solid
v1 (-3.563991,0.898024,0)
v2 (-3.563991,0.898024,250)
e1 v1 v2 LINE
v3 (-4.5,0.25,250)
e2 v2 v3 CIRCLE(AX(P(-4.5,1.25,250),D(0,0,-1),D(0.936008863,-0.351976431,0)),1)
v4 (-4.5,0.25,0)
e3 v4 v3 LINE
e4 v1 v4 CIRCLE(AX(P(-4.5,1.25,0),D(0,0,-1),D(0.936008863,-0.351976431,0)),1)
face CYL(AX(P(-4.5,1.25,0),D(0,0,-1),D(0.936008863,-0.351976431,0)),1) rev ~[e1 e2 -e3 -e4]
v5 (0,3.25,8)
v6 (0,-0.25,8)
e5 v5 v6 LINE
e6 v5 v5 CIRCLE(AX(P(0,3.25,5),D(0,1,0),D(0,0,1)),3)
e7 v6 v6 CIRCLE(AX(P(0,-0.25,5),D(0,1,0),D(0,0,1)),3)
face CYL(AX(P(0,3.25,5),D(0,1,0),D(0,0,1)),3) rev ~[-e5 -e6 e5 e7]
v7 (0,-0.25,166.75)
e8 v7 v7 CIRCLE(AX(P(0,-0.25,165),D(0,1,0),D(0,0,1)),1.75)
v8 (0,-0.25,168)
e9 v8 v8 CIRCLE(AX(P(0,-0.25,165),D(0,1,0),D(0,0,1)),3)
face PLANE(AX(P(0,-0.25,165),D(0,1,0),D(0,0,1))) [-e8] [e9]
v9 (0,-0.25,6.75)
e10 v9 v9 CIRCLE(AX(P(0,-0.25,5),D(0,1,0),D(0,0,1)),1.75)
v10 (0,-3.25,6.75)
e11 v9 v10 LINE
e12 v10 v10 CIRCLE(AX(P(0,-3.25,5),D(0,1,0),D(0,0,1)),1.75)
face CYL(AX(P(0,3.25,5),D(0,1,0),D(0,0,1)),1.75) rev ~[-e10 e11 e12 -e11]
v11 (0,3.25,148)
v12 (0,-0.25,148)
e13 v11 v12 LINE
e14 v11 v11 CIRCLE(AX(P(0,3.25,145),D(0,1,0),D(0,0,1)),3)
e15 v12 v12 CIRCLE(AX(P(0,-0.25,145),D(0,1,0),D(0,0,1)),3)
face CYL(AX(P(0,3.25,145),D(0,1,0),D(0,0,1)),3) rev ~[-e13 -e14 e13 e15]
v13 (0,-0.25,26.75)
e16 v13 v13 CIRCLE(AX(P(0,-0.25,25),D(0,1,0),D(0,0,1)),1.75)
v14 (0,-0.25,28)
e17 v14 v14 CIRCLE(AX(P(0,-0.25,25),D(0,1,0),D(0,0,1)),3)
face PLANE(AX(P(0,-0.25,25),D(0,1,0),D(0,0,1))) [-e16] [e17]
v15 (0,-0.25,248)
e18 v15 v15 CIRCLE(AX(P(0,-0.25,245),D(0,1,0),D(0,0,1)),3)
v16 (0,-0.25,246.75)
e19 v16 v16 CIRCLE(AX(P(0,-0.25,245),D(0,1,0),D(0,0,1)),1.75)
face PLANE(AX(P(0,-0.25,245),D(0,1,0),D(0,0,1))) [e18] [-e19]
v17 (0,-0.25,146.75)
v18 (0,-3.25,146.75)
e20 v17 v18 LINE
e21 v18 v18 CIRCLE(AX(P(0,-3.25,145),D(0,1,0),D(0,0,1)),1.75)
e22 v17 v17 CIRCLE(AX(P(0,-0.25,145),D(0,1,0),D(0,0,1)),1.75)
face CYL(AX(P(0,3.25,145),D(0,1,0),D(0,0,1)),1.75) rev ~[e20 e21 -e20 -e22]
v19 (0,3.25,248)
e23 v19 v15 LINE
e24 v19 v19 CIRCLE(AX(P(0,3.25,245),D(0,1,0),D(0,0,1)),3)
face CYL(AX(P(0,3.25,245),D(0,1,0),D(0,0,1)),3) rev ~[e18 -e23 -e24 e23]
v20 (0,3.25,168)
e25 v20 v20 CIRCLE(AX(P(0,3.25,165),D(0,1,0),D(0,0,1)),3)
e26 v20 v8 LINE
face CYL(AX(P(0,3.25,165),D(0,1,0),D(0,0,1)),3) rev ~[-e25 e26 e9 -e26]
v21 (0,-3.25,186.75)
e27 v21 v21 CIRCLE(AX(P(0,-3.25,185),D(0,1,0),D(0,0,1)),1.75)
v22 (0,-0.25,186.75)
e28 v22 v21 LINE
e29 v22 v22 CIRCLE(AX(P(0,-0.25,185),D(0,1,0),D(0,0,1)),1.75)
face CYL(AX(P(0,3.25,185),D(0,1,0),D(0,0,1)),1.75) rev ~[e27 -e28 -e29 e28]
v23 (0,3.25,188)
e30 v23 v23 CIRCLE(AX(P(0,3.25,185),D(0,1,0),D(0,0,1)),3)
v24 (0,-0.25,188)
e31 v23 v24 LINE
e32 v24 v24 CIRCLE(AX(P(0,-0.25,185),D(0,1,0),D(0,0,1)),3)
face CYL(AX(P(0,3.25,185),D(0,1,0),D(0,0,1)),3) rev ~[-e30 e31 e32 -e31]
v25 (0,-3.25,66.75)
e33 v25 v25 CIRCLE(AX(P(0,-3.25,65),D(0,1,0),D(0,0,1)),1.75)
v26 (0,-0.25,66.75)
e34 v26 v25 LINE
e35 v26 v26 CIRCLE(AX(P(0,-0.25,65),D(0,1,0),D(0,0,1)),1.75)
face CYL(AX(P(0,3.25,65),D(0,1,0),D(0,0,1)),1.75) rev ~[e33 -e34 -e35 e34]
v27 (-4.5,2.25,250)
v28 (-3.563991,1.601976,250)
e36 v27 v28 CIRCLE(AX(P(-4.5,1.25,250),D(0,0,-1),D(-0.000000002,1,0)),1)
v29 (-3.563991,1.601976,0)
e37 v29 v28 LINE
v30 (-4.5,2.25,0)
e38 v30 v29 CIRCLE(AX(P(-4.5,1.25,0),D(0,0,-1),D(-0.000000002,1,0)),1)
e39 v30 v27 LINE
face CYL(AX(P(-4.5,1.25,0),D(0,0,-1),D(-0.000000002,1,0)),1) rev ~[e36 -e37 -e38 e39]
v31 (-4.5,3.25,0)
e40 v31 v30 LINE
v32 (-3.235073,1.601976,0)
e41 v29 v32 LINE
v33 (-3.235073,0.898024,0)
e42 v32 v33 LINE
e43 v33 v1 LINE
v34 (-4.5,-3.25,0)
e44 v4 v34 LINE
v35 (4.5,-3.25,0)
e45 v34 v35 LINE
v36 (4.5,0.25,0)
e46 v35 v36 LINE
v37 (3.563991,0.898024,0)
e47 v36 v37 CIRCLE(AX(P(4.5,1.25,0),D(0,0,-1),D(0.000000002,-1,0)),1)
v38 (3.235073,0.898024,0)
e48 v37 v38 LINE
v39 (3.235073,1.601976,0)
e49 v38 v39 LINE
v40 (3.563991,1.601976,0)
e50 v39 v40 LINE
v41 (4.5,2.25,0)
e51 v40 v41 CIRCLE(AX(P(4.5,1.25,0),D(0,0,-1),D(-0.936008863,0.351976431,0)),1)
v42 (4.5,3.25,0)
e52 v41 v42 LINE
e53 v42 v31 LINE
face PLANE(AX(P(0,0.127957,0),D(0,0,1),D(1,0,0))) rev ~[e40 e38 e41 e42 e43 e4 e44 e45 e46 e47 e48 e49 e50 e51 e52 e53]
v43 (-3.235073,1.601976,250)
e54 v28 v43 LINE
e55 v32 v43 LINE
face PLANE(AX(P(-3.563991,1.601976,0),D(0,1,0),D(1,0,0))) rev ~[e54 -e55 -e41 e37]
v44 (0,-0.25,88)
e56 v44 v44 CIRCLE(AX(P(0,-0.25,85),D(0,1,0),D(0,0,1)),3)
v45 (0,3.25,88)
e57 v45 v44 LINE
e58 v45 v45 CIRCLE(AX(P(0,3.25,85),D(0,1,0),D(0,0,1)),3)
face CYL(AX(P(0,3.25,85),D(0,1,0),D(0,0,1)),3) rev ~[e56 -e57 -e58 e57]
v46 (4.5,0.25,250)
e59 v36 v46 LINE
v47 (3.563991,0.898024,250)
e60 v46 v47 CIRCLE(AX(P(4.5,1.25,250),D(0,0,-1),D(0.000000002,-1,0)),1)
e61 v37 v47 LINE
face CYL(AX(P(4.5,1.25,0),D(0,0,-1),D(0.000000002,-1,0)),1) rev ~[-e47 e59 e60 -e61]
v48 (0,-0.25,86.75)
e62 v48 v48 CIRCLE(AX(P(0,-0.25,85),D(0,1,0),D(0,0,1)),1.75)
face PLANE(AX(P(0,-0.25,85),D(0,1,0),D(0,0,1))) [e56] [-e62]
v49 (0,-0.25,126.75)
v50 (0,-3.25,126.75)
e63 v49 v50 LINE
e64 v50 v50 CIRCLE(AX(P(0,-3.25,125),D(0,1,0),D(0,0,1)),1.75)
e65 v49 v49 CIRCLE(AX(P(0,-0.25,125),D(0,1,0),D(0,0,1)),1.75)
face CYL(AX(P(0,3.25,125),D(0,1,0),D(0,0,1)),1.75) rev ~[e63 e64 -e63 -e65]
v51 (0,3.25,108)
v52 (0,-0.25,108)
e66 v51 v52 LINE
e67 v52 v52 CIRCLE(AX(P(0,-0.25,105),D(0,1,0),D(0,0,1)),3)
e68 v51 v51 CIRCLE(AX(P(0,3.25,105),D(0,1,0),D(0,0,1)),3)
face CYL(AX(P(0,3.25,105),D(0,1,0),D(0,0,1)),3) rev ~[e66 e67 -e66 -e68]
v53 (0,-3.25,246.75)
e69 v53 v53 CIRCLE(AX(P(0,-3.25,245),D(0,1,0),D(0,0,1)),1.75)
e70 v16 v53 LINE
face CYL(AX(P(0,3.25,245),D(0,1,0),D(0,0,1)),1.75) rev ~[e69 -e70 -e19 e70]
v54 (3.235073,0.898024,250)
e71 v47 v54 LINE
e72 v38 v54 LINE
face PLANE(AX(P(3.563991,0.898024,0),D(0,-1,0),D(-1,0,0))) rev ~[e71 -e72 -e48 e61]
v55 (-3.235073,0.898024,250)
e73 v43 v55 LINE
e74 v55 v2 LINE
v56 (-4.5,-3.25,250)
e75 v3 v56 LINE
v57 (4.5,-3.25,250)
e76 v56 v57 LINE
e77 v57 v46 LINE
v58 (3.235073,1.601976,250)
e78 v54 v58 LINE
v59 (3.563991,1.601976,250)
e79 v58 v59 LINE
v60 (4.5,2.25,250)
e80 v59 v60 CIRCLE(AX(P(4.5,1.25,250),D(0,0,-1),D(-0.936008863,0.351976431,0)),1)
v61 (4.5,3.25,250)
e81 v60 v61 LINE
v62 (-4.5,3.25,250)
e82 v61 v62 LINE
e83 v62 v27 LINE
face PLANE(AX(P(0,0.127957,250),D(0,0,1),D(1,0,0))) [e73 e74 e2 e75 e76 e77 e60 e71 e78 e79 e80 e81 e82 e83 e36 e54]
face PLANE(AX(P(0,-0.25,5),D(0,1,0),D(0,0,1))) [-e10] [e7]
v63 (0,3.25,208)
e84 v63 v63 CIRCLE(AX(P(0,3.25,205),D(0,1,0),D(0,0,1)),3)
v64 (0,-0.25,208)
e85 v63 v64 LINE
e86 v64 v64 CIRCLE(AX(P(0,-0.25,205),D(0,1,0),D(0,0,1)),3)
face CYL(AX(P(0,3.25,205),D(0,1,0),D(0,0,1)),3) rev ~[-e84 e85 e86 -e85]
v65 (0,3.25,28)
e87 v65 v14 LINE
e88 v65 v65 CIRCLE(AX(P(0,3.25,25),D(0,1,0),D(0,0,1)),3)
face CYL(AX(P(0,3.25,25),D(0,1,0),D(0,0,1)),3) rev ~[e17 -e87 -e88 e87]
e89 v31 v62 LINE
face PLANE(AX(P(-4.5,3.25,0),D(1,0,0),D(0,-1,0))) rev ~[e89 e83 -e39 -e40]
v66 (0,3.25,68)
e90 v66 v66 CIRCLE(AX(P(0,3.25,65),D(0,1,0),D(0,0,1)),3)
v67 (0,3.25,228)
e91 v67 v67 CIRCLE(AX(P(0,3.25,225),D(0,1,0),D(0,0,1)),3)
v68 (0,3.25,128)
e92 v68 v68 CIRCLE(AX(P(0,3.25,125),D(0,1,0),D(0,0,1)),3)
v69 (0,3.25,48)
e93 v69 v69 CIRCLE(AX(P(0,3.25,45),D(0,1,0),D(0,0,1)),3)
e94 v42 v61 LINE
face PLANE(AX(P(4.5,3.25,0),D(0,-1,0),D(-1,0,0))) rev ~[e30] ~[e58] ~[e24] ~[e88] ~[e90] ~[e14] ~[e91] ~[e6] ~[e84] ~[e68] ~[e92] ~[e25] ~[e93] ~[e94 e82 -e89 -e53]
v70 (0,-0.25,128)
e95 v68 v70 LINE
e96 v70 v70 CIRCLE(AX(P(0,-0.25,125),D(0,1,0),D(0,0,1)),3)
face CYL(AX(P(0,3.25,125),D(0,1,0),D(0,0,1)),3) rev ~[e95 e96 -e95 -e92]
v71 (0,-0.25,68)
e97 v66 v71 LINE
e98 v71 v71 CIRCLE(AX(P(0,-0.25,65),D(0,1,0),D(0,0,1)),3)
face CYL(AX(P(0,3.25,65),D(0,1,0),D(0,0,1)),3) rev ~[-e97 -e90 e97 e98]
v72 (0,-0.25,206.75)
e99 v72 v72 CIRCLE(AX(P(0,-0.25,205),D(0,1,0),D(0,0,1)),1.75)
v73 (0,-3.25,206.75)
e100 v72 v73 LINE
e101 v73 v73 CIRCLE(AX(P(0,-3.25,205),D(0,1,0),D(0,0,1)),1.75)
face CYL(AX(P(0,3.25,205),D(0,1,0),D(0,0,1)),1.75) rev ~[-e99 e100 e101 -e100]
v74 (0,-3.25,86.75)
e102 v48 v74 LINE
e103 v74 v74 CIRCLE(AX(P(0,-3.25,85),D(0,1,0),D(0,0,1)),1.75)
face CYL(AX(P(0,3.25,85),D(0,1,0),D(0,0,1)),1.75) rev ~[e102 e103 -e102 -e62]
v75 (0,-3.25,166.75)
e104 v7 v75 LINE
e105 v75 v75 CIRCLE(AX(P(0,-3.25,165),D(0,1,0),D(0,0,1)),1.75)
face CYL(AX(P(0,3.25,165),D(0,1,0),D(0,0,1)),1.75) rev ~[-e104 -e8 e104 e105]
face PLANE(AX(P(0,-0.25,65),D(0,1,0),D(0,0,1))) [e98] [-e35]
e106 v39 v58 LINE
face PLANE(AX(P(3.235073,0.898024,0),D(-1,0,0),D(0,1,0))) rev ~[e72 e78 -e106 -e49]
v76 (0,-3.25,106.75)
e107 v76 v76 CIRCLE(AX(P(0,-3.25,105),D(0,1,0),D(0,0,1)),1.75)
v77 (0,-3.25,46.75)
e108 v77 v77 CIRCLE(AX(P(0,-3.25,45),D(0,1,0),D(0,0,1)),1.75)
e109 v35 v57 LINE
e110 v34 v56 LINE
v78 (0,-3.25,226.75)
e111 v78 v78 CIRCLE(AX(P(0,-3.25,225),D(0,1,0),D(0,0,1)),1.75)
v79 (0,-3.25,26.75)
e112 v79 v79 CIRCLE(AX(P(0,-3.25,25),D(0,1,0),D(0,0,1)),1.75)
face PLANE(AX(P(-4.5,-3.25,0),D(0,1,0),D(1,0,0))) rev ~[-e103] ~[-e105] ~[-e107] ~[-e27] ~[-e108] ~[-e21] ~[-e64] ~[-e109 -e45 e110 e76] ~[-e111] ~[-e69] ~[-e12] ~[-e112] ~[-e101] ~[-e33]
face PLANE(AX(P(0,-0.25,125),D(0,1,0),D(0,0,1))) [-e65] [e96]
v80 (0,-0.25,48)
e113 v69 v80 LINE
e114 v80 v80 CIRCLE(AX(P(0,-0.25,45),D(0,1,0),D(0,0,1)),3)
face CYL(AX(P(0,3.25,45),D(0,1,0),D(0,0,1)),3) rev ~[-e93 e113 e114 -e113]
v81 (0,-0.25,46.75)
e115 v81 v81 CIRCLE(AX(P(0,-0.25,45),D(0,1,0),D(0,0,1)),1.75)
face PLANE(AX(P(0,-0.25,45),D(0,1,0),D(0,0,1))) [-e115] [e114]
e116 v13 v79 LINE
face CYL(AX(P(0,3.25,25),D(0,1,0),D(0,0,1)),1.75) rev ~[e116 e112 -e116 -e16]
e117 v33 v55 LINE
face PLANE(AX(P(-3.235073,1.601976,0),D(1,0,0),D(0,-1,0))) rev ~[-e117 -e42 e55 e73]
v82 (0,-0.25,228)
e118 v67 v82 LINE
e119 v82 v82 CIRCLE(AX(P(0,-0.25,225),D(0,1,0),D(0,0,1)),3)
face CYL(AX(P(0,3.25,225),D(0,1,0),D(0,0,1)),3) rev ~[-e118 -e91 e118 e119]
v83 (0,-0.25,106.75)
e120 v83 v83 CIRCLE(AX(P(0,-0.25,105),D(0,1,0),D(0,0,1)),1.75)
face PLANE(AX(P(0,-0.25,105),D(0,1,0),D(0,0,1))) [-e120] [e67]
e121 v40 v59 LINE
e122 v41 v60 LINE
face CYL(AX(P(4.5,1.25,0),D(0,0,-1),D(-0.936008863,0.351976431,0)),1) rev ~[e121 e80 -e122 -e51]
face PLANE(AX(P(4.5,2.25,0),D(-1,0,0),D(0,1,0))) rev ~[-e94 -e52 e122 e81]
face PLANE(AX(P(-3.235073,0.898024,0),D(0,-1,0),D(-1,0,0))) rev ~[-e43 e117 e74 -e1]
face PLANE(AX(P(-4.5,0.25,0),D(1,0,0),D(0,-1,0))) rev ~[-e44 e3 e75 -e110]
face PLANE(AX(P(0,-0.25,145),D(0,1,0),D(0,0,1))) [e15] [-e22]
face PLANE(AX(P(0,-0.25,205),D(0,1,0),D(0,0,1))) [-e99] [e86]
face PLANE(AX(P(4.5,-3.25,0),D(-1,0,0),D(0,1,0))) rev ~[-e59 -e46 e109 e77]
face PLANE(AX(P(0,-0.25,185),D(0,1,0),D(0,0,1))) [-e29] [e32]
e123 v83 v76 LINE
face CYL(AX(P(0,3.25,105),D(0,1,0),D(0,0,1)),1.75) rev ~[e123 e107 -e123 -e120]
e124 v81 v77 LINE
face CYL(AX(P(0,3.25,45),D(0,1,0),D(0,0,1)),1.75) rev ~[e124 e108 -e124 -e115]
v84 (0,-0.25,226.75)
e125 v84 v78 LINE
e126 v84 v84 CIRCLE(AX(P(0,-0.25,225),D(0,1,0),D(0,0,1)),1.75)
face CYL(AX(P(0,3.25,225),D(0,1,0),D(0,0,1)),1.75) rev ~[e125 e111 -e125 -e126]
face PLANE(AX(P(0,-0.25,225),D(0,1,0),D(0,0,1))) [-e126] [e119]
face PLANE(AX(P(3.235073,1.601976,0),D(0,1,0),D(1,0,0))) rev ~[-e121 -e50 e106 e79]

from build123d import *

# Parameters (mm, degrees)
EXTRUDE1_DEPTH  = 250
SKETCH2_R       = 3
EXTRUDE2_DEPTH  = 3.5
SKETCH_R        = 1.75
EXTRUDE3_DEPTH  = 251.124968766
LPATTERN1_COUNT = 13
LPATTERN1_PITCH = 20


with BuildPart() as part:
    # Sketch1 → Extrude1 (new body)
    with BuildSketch(Plane.XY):
        with BuildLine():
            Line((-4.5, -3.25), (4.5, -3.25))
            Line((4.5, -3.25), (4.5, 0.25))
            ThreePointArc((4.5, 0.25), (3.93077967, 0.427814974), (3.563991137, 0.898023568))
            Line((3.563991137, 0.898023568), (3.235073025, 0.898023568))
            Line((3.235073025, 0.898023568), (3.235073025, 1.601976432))
            Line((3.235073025, 1.601976432), (3.563991137, 1.601976432))
            ThreePointArc((3.563991137, 1.601976432), (3.93077967, 2.072185026), (4.5, 2.25))
            Line((4.5, 2.25), (4.5, 3.25))
            Line((4.5, 3.25), (-4.5, 3.25))
            Line((-4.5, 3.25), (-4.5, 2.25))
            ThreePointArc((-4.5, 2.25), (-3.93077967, 2.072185026), (-3.563991137, 1.601976432))
            Line((-3.563991137, 1.601976432), (-3.235073025, 1.601976432))
            Line((-3.235073025, 1.601976432), (-3.235073025, 0.898023568))
            Line((-3.235073025, 0.898023568), (-3.563991137, 0.898023568))
            ThreePointArc((-3.563991137, 0.898023568), (-3.93077967, 0.427814974), (-4.5, 0.25))
            Line((-4.5, 0.25), (-4.5, -3.25))
        make_face()
    extrude(amount=EXTRUDE1_DEPTH)

    # Sketch2 → Extrude2 (cut)
    with BuildSketch(Plane(origin=(0, 3.25, 0), x_dir=(1, 0, 0), z_dir=(0, 1, 0))):
        with Locations((0, -5)):
            Circle(SKETCH2_R)
    extrude2 = extrude(amount=-EXTRUDE2_DEPTH, mode=Mode.SUBTRACT)

    # Sketch → Extrude3 (cut, through all)
    with BuildSketch(Plane(origin=(0, 3.25, 0), x_dir=(1, 0, 0), z_dir=(0, 1, 0))):
        with Locations((0, -5)):
            Circle(SKETCH_R)
    extrude3 = extrude(amount=-EXTRUDE3_DEPTH, mode=Mode.SUBTRACT)

    # LPattern1: Extrude2, Extrude3 ×13
    with Locations(*[(0, 0, i * LPATTERN1_PITCH) for i in range(1, LPATTERN1_COUNT)]):
        add(extrude2, mode=Mode.SUBTRACT)
        add(extrude3, mode=Mode.SUBTRACT)


solid = part.part
